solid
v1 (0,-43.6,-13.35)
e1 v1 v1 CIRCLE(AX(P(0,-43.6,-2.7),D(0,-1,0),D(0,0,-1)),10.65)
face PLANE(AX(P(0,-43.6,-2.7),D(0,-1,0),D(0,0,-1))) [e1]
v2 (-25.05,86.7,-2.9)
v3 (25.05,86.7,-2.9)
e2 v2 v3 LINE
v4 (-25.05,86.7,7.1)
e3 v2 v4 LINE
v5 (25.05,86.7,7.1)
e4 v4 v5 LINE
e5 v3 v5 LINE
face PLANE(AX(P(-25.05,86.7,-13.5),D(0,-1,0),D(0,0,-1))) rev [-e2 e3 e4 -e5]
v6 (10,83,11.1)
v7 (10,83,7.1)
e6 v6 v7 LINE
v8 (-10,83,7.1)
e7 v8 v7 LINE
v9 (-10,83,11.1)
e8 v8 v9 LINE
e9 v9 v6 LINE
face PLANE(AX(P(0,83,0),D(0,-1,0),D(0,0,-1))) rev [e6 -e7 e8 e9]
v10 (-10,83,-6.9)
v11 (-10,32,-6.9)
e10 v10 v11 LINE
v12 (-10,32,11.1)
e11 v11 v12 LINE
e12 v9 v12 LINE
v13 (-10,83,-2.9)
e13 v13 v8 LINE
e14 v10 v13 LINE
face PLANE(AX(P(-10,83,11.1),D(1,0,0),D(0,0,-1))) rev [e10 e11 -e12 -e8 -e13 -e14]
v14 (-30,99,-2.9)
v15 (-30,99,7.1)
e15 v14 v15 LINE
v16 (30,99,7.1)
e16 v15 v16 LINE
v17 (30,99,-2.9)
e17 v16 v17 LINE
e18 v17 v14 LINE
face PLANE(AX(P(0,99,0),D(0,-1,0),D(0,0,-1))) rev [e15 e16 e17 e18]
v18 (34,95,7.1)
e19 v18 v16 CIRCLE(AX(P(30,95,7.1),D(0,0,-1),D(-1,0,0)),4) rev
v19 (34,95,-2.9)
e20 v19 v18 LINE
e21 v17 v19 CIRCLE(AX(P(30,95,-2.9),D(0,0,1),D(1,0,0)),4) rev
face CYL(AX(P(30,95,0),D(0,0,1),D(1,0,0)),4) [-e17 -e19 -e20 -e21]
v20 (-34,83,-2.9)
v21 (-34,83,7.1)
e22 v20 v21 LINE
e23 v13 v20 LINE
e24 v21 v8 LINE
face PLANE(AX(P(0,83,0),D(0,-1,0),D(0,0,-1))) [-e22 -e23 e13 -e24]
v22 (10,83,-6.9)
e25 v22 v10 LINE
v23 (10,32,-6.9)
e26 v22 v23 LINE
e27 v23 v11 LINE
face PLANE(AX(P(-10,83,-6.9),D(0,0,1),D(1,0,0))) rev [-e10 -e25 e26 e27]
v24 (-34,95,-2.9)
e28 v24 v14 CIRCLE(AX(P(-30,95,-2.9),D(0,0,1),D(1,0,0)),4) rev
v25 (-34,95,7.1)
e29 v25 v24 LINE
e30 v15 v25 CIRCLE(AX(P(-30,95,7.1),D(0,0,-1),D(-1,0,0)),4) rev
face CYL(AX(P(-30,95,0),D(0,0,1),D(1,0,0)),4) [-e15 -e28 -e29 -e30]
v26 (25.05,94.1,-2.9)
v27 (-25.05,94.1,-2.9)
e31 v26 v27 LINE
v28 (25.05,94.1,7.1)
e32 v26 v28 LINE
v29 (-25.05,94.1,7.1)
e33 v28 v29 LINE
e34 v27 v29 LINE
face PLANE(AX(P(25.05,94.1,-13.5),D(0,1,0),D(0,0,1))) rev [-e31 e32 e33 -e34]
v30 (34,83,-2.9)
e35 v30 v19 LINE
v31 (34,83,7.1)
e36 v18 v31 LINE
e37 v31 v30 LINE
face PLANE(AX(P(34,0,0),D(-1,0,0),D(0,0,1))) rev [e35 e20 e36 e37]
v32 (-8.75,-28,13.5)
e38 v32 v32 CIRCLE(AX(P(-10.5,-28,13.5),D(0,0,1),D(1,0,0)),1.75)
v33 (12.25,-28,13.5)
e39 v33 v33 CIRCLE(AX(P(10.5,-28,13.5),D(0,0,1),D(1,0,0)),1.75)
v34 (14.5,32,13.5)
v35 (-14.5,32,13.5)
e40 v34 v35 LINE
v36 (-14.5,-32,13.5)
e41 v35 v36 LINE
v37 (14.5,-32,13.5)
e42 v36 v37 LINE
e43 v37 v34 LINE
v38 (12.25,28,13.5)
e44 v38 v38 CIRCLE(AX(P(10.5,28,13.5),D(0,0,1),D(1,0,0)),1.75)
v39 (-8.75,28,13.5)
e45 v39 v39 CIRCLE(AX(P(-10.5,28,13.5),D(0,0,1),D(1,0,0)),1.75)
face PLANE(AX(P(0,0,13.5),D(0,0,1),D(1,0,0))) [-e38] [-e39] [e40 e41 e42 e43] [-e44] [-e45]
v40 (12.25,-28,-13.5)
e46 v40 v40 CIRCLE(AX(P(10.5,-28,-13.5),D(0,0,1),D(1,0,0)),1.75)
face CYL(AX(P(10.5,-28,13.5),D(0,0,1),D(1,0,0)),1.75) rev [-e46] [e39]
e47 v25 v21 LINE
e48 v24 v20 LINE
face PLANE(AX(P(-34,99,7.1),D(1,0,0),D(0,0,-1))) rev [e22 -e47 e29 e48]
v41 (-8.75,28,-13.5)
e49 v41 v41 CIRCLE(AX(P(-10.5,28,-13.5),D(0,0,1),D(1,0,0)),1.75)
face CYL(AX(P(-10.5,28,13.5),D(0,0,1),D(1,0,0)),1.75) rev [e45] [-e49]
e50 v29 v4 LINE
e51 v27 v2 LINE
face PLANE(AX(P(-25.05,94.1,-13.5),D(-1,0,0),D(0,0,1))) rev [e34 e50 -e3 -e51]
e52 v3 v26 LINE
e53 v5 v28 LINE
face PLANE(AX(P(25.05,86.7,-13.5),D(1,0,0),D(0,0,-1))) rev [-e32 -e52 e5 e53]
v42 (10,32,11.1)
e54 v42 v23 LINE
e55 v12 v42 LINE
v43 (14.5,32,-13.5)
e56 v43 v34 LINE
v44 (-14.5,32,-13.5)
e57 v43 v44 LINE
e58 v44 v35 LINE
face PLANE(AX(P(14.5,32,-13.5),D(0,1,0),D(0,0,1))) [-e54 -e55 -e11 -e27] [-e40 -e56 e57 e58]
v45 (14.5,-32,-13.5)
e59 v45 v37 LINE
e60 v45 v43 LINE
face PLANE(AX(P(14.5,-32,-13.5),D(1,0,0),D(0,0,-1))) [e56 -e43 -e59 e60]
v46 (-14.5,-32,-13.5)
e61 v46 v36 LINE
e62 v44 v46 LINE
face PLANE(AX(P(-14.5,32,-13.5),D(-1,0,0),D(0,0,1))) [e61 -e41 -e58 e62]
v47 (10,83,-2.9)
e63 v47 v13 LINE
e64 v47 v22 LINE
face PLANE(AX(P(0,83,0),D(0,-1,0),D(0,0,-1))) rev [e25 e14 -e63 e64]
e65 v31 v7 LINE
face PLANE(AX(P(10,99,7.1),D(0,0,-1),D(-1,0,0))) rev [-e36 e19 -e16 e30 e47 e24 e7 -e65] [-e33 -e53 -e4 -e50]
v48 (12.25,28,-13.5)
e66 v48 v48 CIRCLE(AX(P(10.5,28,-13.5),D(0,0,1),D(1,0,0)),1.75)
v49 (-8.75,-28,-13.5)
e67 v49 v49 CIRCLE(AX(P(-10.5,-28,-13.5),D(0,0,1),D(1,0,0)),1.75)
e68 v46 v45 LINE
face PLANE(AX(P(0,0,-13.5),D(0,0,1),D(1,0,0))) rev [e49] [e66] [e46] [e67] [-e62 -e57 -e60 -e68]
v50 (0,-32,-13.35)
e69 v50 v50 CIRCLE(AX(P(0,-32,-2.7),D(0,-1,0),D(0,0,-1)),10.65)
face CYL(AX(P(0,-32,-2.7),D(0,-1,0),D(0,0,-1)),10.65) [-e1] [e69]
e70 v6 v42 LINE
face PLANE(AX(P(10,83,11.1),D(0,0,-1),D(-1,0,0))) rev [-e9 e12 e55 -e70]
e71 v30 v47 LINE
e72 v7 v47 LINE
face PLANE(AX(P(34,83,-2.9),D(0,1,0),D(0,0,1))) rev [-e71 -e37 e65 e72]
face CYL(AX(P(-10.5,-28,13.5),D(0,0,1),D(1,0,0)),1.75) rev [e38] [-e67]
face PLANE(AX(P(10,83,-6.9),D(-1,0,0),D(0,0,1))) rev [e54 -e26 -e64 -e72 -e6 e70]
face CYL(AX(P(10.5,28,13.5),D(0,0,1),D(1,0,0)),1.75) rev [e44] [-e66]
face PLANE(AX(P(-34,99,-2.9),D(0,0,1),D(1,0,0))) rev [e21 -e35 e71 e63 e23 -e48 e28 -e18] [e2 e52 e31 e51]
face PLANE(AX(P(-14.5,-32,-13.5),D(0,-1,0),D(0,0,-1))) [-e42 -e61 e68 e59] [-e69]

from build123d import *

# Parameters (mm, degrees)
SKETCH_1_W                  = 29
SKETCH_1_H                  = 64
EXTRUDE_1_DEPTH             = 27
SKETCH_2_W                  = 20
SKETCH_2_H                  = 18
EXTRUDE_2_DEPTH             = 51
SKETCH_3_W                  = 44
SKETCH_3_H                  = 10
EXTRUDE_3_DEPTH             = 16
SKETCH_4_W                  = 10
SKETCH_4_H                  = 16
EXTRUDE_4_DEPTH             = 24
SKETCH_5_W                  = 50.1
SKETCH_5_H                  = 7.4
CUT_EXTRUDE_1_DEPTH         = 21.6
SKETCH_6_W                  = 10.65
SKETCH_6_H                  = 11.6
HOLE_WIZARD_3_5_3_5_1_D     = 3.5
HOLE_WIZARD_3_5_3_5_1_DEPTH = 27
FILLET_1_R                  = 4


with BuildPart() as part:
    # 草图1 → 凸台-拉伸1 (new body)
    with BuildSketch(Plane.XY.offset(13.5)):
        Rectangle(SKETCH_1_W, SKETCH_1_H)
    extrude(amount=-EXTRUDE_1_DEPTH)

    # 草图2 → 凸台-拉伸2 (add)
    with BuildSketch(Plane(origin=(0, 32, 0), x_dir=(-1, 0, 0), z_dir=(0, 1, 0))):
        with Locations((0, 2.1)):
            Rectangle(SKETCH_2_W, SKETCH_2_H)
    extrude(amount=EXTRUDE_2_DEPTH)

    # 草图3 → 凸台-拉伸3 (add)
    with BuildSketch(Plane(origin=(0, 83, 0), x_dir=(-1, 0, 0), z_dir=(0, 1, 0))):
        with Locations((12, 2.1)):
            Rectangle(SKETCH_3_W, SKETCH_3_H)
    extrude(amount=EXTRUDE_3_DEPTH)

    # 草图4 → 凸台-拉伸4 (add)
    with BuildSketch(Plane(origin=(10, 0, 0), x_dir=(0, 0, -1), z_dir=(1, 0, 0))):
        with Locations((-2.1, 91)):
            Rectangle(SKETCH_4_W, SKETCH_4_H)
    extrude(amount=EXTRUDE_4_DEPTH)

    # 草图5 → 切除-拉伸1 (cut, through all)
    with BuildSketch(Plane.XY.offset(7.1)):
        with Locations((0, 90.4)):
            Rectangle(SKETCH_5_W, SKETCH_5_H)
    extrude(amount=-CUT_EXTRUDE_1_DEPTH, mode=Mode.SUBTRACT)

    # 草图6 → 旋转1 (revolve)
    with BuildSketch(Plane.XY.offset(-2.7)):
        with Locations((5.325, -37.8)):
            Rectangle(SKETCH_6_W, SKETCH_6_H)
    revolve(axis=Axis((0, -32, -2.7), (0, -1, 0)))

    # Ø3.5 (3.5) 直径孔1
    with Locations(Plane.XY.offset(13.5)):
        with Locations((-10.5, -28), (10.5, -28), (-10.5, 28), (10.5, 28)):
            Hole(HOLE_WIZARD_3_5_3_5_1_D / 2, depth=HOLE_WIZARD_3_5_3_5_1_DEPTH)

    # 圆角1
    fillet_1_edges = [part.edges().sort_by_distance(p)[0] for p in [
        (-34, 99, 2.1),
        (34, 99, 2.1),
    ]]
    fillet(fillet_1_edges, radius=FILLET_1_R)


solid = part.part
